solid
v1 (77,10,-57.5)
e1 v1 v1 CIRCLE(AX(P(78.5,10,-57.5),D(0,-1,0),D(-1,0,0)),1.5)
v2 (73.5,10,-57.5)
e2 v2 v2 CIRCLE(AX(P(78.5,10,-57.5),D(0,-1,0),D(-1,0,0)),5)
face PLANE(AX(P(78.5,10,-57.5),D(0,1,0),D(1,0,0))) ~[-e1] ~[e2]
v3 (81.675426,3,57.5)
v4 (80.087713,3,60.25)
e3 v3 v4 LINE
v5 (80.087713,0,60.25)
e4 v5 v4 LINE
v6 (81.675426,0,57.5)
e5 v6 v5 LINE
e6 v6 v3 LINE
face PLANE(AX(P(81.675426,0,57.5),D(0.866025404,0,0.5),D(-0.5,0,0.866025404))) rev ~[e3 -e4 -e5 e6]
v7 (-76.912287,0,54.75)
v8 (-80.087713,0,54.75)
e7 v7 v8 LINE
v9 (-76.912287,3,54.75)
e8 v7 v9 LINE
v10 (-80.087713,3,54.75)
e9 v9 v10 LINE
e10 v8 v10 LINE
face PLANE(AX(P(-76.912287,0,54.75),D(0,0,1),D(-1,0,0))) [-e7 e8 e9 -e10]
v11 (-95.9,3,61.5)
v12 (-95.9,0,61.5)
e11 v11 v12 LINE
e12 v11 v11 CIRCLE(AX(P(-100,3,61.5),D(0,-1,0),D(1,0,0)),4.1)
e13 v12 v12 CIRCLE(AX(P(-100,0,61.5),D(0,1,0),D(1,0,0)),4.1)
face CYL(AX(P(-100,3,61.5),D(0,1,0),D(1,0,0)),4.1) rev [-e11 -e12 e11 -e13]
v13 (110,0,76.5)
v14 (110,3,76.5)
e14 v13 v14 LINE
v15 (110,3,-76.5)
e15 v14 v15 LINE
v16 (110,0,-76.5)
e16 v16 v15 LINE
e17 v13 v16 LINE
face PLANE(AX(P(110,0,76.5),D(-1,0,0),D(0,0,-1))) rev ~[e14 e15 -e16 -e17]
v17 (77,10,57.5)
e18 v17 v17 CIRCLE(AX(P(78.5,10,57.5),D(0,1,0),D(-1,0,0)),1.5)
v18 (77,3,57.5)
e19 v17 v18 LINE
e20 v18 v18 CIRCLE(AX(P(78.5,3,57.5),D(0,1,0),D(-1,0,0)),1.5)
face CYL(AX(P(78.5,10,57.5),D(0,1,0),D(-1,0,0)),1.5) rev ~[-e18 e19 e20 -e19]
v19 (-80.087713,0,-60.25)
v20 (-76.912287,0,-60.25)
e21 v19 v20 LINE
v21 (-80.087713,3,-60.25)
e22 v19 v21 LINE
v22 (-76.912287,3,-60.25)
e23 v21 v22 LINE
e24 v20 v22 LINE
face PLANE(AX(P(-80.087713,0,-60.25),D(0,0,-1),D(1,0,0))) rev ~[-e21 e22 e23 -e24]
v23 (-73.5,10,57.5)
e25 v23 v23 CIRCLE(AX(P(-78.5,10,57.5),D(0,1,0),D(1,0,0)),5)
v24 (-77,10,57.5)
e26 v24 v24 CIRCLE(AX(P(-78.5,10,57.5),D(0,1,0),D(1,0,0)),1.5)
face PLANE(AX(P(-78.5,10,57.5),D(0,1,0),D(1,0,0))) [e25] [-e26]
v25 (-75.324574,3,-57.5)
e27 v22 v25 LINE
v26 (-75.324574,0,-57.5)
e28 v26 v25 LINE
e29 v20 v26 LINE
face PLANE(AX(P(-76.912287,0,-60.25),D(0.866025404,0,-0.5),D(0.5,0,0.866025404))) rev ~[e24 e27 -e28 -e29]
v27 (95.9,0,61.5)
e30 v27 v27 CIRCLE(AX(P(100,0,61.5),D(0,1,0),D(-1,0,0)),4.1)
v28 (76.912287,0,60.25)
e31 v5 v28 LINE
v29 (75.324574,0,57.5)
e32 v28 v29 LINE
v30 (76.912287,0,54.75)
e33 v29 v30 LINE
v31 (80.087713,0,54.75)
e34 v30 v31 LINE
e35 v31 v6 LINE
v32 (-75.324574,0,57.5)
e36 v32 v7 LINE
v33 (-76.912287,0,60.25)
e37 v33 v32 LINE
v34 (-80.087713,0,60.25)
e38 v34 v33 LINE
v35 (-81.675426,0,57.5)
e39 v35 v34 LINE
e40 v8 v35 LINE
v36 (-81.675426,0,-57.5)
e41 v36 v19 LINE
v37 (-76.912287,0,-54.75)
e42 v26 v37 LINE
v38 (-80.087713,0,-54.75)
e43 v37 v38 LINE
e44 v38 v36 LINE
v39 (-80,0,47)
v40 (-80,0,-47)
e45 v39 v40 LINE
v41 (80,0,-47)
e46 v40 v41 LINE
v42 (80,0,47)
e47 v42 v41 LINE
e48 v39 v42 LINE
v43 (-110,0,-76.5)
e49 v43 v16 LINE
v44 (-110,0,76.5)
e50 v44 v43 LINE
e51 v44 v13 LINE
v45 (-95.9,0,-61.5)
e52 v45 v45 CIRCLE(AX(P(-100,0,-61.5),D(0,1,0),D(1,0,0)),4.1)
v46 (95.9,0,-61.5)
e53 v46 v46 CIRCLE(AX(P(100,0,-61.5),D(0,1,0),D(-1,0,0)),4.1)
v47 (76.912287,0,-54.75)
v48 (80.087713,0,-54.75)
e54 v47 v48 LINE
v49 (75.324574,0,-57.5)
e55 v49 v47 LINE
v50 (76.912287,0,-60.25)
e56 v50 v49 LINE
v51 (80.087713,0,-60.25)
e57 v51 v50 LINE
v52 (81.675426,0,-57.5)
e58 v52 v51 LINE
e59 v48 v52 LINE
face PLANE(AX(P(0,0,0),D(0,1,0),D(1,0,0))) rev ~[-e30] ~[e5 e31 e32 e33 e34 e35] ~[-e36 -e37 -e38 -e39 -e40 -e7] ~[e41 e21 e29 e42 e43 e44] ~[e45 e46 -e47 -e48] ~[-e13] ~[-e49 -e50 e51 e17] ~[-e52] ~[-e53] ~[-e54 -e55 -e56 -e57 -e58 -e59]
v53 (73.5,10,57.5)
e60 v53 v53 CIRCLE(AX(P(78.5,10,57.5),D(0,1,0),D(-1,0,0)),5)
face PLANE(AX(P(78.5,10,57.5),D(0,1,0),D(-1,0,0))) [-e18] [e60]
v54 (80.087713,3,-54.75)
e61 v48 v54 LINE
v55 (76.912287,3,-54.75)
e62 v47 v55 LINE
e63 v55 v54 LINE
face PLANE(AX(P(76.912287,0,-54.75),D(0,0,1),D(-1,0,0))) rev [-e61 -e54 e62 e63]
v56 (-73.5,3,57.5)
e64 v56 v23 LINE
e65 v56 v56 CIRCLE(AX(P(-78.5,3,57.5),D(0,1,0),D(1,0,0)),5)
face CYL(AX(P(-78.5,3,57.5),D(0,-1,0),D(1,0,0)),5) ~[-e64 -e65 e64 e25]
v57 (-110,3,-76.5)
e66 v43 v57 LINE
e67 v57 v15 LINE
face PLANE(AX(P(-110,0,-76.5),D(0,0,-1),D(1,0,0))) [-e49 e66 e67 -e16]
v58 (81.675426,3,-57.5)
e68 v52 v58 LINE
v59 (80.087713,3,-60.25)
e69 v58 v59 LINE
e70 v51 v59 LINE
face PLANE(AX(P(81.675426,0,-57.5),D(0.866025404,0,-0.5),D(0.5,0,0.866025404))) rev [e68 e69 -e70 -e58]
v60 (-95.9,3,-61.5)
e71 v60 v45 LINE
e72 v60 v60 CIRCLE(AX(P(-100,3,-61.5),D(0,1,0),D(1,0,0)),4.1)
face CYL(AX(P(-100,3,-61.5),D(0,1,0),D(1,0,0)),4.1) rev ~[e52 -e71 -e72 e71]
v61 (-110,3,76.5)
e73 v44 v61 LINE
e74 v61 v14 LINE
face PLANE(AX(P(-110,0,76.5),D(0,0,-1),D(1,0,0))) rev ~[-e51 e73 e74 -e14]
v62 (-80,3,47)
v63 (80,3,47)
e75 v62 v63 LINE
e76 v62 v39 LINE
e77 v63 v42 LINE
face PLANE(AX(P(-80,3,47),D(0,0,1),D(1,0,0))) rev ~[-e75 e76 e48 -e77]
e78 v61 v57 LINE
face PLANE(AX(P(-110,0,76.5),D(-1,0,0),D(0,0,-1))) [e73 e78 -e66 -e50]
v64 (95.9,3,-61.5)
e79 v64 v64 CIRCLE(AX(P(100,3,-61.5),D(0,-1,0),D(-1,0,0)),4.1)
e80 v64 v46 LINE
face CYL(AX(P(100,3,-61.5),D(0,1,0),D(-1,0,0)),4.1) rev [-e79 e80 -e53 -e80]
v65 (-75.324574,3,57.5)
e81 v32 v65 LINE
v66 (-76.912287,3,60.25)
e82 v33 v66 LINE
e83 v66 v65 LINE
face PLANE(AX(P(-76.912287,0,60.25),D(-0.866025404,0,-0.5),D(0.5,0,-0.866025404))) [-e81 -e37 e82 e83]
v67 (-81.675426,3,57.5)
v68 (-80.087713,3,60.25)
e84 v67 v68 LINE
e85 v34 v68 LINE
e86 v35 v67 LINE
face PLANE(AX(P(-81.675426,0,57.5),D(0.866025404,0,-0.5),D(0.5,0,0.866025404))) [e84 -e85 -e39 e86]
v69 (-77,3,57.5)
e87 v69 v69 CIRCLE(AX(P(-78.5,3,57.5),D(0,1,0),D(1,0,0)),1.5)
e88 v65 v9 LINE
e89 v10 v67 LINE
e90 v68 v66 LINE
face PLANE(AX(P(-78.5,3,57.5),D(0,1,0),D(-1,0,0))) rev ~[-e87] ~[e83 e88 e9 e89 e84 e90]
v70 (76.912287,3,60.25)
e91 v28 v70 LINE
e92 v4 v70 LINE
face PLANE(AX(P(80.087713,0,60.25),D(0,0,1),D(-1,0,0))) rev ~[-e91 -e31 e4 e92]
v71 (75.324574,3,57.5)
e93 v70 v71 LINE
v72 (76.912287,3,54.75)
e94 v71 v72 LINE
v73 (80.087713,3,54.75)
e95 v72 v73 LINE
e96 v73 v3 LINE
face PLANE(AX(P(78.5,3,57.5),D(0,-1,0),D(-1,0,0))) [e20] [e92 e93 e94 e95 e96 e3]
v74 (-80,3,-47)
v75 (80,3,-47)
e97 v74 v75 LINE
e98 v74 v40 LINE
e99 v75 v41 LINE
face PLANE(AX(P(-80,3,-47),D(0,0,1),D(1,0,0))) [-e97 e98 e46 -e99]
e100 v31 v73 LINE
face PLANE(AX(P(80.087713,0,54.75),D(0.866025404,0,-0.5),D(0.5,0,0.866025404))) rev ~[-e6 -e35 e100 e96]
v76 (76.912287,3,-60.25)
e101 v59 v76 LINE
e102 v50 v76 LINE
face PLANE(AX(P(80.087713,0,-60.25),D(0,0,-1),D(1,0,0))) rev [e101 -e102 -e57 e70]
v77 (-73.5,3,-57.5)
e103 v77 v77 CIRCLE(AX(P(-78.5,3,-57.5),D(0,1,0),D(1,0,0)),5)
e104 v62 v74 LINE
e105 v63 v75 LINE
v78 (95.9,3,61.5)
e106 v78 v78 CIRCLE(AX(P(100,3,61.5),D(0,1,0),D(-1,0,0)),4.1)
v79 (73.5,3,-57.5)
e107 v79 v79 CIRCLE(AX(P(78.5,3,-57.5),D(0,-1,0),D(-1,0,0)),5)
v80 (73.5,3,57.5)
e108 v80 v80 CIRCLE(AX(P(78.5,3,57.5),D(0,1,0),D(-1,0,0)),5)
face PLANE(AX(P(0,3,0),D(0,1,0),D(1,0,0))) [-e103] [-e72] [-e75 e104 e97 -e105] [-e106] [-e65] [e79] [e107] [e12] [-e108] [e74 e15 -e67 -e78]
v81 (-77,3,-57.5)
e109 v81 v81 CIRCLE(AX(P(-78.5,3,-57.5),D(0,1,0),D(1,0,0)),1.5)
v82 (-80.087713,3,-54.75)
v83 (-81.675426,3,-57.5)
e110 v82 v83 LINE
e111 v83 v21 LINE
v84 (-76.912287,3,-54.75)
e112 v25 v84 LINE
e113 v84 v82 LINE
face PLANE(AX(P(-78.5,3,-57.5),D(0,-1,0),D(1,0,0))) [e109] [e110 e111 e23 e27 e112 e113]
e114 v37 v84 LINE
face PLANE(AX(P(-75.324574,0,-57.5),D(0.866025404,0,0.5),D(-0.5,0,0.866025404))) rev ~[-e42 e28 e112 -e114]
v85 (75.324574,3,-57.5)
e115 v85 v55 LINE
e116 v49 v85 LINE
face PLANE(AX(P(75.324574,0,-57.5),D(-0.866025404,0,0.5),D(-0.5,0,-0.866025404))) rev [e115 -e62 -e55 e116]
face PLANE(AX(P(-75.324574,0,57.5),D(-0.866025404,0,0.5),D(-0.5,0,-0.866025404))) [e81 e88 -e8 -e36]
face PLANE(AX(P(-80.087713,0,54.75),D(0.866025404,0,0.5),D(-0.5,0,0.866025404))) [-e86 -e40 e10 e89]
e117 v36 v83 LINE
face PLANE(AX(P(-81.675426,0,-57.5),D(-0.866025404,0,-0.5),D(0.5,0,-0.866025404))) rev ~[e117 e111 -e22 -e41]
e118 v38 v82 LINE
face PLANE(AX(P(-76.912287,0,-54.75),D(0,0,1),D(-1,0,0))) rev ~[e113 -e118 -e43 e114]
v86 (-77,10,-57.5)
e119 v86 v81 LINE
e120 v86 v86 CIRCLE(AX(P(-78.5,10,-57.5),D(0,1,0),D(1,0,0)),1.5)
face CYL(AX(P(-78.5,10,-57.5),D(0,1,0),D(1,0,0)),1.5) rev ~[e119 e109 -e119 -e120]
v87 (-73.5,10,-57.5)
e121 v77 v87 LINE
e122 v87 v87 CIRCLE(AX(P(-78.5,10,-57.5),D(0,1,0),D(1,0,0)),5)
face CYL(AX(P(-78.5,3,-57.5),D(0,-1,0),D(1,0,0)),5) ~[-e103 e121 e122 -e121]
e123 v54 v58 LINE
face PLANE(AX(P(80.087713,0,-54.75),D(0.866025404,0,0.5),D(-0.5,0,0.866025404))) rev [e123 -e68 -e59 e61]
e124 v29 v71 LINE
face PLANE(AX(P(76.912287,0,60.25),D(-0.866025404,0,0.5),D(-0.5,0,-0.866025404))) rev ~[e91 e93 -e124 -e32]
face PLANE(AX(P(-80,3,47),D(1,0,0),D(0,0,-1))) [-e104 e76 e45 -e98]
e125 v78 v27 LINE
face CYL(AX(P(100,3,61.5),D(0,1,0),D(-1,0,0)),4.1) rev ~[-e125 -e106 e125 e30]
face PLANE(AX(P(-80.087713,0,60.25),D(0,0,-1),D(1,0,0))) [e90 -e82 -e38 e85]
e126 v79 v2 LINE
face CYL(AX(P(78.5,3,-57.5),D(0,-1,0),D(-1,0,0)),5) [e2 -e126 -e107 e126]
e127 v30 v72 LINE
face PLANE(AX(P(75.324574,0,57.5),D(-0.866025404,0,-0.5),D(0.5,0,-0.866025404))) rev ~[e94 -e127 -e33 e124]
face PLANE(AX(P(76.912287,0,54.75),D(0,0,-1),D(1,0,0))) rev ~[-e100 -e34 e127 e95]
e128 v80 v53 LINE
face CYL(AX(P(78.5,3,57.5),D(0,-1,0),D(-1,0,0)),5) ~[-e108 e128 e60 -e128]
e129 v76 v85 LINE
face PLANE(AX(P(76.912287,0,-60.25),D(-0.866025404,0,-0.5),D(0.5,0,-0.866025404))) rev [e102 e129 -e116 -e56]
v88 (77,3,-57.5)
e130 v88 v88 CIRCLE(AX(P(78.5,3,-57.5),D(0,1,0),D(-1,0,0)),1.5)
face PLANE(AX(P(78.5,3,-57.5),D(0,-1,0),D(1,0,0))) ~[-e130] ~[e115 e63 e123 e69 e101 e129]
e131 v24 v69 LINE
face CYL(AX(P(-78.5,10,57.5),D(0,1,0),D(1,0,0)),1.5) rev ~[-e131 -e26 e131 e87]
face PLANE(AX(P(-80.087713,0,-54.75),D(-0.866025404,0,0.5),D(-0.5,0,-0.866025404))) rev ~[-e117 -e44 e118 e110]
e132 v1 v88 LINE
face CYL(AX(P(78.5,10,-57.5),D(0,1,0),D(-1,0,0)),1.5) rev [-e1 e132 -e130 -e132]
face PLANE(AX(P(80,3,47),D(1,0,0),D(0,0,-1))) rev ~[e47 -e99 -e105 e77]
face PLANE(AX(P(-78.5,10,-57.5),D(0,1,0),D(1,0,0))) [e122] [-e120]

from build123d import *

# Parameters (mm, degrees)
CROQUIS1_W                = 220
CROQUIS1_H                = 153
SALIENTE_EXTRUIR1_DEPTH   = 3
CROQUIS2_W                = 160
CROQUIS2_H                = 94
CORTAR_EXTRUIR1_DEPTH     = 4
CROQUIS3_R                = 4.1
CORTAR_EXTRUIR2_DEPTH     = 4
CROQUIS4_R                = 5
SALIENTE_EXTRUIR2_DEPTH   = 7
CROQUIS5_R                = 1.5
CORTAR_EXTRUIR3_DEPTH     = 11
CORTAR_EXTRUIR4_DEPTH     = 3
SIMETR_A2_COPY_1_SKETCH_R = 4.1
SIMETR_A2_COPY_1_DEPTH    = 4
SIMETR_A2_COPY_2_SKETCH_R = 5
SIMETR_A2_COPY_2_DEPTH    = 7
SIMETR_A2_COPY_3_SKETCH_R = 1.5
SIMETR_A2_COPY_3_DEPTH    = 11
SIMETR_A2_COPY_4_DEPTH    = 3
SIMETR_A2_COPY_5_SKETCH_R = 5
SIMETR_A2_COPY_5_DEPTH    = 7
SIMETR_A2_COPY_6_SKETCH_R = 1.5
SIMETR_A2_COPY_6_DEPTH    = 11
SIMETR_A2_COPY_7_DEPTH    = 3


with BuildPart() as part:
    # Croquis1 → Saliente-Extruir1 (new body)
    with BuildSketch(Plane(origin=(0, 0, 0), x_dir=(1, 0, 0), z_dir=(0, 1, 0))):
        Rectangle(CROQUIS1_W, CROQUIS1_H)
    extrude(amount=SALIENTE_EXTRUIR1_DEPTH)

    # Croquis2 → Cortar-Extruir1 (cut, through all)
    with BuildSketch(Plane(origin=(0, 3, 0), x_dir=(1, 0, 0), z_dir=(0, 1, 0))):
        Rectangle(CROQUIS2_W, CROQUIS2_H)
    cortar_extruir1 = extrude(amount=-CORTAR_EXTRUIR1_DEPTH, mode=Mode.SUBTRACT)

    # Croquis3 → Cortar-Extruir2 (cut, through all)
    with BuildSketch(Plane(origin=(0, 3, 0), x_dir=(1, 0, 0), z_dir=(0, 1, 0))):
        with Locations((-100, 61.5)):
            Circle(CROQUIS3_R)
    cortar_extruir2 = extrude(amount=-CORTAR_EXTRUIR2_DEPTH, mode=Mode.SUBTRACT)

    # Croquis4 → Saliente-Extruir2 (add)
    with BuildSketch(Plane(origin=(0, 3, 0), x_dir=(1, 0, 0), z_dir=(0, 1, 0))):
        with Locations((-78.5, 57.5)):
            Circle(CROQUIS4_R)
    saliente_extruir2 = extrude(amount=SALIENTE_EXTRUIR2_DEPTH)

    # Croquis5 → Cortar-Extruir3 (cut, through all)
    with BuildSketch(Plane(origin=(0, 10, 0), x_dir=(1, 0, 0), z_dir=(0, 1, 0))):
        with Locations((-78.5, 57.5)):
            Circle(CROQUIS5_R)
    cortar_extruir3 = extrude(amount=-CORTAR_EXTRUIR3_DEPTH, mode=Mode.SUBTRACT)

    # Croquis6 → Cortar-Extruir4 (cut)
    with BuildSketch(Plane.XZ):
        Polygon((-81.675426481, -57.5), (-80.08771324, -60.25), (-76.91228676, -60.25), (-75.324573519, -57.5), (-76.91228676, -54.75), (-80.08771324, -54.75), align=None)
    cortar_extruir4 = extrude(amount=-CORTAR_EXTRUIR4_DEPTH, mode=Mode.SUBTRACT)

    # Simetría1: Cortar-Extruir2, Saliente-Extruir2, Cortar-Extruir3, Cortar-Extruir4 across plane
    add(cortar_extruir2.mirror(Plane(origin=(0, 0, 0), x_dir=(0, 0, 1), z_dir=(1, 0, 0))), mode=Mode.SUBTRACT)
    add(saliente_extruir2.mirror(Plane(origin=(0, 0, 0), x_dir=(0, 0, 1), z_dir=(1, 0, 0))))
    add(cortar_extruir3.mirror(Plane(origin=(0, 0, 0), x_dir=(0, 0, 1), z_dir=(1, 0, 0))), mode=Mode.SUBTRACT)
    add(cortar_extruir4.mirror(Plane(origin=(0, 0, 0), x_dir=(0, 0, 1), z_dir=(1, 0, 0))), mode=Mode.SUBTRACT)

    # Simetría2: Cortar-Extruir1, Cortar-Extruir2 across plane
    add(cortar_extruir1.mirror(Plane.XY), mode=Mode.SUBTRACT)
    add(cortar_extruir2.mirror(Plane.XY), mode=Mode.SUBTRACT)

    # Simetría2 copy 1 sketch → Simetría2 copy 1 (cut, through all)
    with BuildSketch(Plane(origin=(0, 3, 0), x_dir=(-1, 0, 0), z_dir=(0, 1, 0))):
        with Locations((-100, 61.5)):
            Circle(SIMETR_A2_COPY_1_SKETCH_R)
    extrude(amount=-SIMETR_A2_COPY_1_DEPTH, mode=Mode.SUBTRACT)

    # Simetría2 copy 2 sketch → Simetría2 copy 2 (add)
    with BuildSketch(Plane(origin=(0, 3, 0), x_dir=(-1, 0, 0), z_dir=(0, 1, 0))):
        with Locations((-78.5, 57.5)):
            Circle(SIMETR_A2_COPY_2_SKETCH_R)
    extrude(amount=SIMETR_A2_COPY_2_DEPTH)

    # Simetría2 copy 3 sketch → Simetría2 copy 3 (cut, through all)
    with BuildSketch(Plane(origin=(0, 10, 0), x_dir=(-1, 0, 0), z_dir=(0, 1, 0))):
        with Locations((-78.5, 57.5)):
            Circle(SIMETR_A2_COPY_3_SKETCH_R)
    extrude(amount=-SIMETR_A2_COPY_3_DEPTH, mode=Mode.SUBTRACT)

    # Simetría2 copy 4 sketch → Simetría2 copy 4 (cut)
    with BuildSketch(Plane(origin=(0, 0, 0), x_dir=(-1, 0, 0), z_dir=(0, -1, 0))):
        Polygon((-81.675426481, -57.5), (-80.08771324, -60.25), (-76.91228676, -60.25), (-75.324573519, -57.5), (-76.91228676, -54.75), (-80.08771324, -54.75), align=None)
    extrude(amount=-SIMETR_A2_COPY_4_DEPTH, mode=Mode.SUBTRACT)

    # Simetría2 copy 5 sketch → Simetría2 copy 5 (add)
    with BuildSketch(Plane(origin=(0, 3, 0), x_dir=(1, 0, 0), z_dir=(0, 1, 0))):
        with Locations((-78.5, -57.5)):
            Circle(SIMETR_A2_COPY_5_SKETCH_R)
    extrude(amount=SIMETR_A2_COPY_5_DEPTH)

    # Simetría2 copy 6 sketch → Simetría2 copy 6 (cut, through all)
    with BuildSketch(Plane(origin=(0, 10, 0), x_dir=(1, 0, 0), z_dir=(0, 1, 0))):
        with Locations((-78.5, -57.5)):
            Circle(SIMETR_A2_COPY_6_SKETCH_R)
    extrude(amount=-SIMETR_A2_COPY_6_DEPTH, mode=Mode.SUBTRACT)

    # Simetría2 copy 7 sketch → Simetría2 copy 7 (cut)
    with BuildSketch(Plane.XZ):
        Polygon((-81.675426481, 57.5), (-80.08771324, 60.25), (-76.91228676, 60.25), (-75.324573519, 57.5), (-76.91228676, 54.75), (-80.08771324, 54.75), align=None)
    extrude(amount=-SIMETR_A2_COPY_7_DEPTH, mode=Mode.SUBTRACT)


solid = part.part
